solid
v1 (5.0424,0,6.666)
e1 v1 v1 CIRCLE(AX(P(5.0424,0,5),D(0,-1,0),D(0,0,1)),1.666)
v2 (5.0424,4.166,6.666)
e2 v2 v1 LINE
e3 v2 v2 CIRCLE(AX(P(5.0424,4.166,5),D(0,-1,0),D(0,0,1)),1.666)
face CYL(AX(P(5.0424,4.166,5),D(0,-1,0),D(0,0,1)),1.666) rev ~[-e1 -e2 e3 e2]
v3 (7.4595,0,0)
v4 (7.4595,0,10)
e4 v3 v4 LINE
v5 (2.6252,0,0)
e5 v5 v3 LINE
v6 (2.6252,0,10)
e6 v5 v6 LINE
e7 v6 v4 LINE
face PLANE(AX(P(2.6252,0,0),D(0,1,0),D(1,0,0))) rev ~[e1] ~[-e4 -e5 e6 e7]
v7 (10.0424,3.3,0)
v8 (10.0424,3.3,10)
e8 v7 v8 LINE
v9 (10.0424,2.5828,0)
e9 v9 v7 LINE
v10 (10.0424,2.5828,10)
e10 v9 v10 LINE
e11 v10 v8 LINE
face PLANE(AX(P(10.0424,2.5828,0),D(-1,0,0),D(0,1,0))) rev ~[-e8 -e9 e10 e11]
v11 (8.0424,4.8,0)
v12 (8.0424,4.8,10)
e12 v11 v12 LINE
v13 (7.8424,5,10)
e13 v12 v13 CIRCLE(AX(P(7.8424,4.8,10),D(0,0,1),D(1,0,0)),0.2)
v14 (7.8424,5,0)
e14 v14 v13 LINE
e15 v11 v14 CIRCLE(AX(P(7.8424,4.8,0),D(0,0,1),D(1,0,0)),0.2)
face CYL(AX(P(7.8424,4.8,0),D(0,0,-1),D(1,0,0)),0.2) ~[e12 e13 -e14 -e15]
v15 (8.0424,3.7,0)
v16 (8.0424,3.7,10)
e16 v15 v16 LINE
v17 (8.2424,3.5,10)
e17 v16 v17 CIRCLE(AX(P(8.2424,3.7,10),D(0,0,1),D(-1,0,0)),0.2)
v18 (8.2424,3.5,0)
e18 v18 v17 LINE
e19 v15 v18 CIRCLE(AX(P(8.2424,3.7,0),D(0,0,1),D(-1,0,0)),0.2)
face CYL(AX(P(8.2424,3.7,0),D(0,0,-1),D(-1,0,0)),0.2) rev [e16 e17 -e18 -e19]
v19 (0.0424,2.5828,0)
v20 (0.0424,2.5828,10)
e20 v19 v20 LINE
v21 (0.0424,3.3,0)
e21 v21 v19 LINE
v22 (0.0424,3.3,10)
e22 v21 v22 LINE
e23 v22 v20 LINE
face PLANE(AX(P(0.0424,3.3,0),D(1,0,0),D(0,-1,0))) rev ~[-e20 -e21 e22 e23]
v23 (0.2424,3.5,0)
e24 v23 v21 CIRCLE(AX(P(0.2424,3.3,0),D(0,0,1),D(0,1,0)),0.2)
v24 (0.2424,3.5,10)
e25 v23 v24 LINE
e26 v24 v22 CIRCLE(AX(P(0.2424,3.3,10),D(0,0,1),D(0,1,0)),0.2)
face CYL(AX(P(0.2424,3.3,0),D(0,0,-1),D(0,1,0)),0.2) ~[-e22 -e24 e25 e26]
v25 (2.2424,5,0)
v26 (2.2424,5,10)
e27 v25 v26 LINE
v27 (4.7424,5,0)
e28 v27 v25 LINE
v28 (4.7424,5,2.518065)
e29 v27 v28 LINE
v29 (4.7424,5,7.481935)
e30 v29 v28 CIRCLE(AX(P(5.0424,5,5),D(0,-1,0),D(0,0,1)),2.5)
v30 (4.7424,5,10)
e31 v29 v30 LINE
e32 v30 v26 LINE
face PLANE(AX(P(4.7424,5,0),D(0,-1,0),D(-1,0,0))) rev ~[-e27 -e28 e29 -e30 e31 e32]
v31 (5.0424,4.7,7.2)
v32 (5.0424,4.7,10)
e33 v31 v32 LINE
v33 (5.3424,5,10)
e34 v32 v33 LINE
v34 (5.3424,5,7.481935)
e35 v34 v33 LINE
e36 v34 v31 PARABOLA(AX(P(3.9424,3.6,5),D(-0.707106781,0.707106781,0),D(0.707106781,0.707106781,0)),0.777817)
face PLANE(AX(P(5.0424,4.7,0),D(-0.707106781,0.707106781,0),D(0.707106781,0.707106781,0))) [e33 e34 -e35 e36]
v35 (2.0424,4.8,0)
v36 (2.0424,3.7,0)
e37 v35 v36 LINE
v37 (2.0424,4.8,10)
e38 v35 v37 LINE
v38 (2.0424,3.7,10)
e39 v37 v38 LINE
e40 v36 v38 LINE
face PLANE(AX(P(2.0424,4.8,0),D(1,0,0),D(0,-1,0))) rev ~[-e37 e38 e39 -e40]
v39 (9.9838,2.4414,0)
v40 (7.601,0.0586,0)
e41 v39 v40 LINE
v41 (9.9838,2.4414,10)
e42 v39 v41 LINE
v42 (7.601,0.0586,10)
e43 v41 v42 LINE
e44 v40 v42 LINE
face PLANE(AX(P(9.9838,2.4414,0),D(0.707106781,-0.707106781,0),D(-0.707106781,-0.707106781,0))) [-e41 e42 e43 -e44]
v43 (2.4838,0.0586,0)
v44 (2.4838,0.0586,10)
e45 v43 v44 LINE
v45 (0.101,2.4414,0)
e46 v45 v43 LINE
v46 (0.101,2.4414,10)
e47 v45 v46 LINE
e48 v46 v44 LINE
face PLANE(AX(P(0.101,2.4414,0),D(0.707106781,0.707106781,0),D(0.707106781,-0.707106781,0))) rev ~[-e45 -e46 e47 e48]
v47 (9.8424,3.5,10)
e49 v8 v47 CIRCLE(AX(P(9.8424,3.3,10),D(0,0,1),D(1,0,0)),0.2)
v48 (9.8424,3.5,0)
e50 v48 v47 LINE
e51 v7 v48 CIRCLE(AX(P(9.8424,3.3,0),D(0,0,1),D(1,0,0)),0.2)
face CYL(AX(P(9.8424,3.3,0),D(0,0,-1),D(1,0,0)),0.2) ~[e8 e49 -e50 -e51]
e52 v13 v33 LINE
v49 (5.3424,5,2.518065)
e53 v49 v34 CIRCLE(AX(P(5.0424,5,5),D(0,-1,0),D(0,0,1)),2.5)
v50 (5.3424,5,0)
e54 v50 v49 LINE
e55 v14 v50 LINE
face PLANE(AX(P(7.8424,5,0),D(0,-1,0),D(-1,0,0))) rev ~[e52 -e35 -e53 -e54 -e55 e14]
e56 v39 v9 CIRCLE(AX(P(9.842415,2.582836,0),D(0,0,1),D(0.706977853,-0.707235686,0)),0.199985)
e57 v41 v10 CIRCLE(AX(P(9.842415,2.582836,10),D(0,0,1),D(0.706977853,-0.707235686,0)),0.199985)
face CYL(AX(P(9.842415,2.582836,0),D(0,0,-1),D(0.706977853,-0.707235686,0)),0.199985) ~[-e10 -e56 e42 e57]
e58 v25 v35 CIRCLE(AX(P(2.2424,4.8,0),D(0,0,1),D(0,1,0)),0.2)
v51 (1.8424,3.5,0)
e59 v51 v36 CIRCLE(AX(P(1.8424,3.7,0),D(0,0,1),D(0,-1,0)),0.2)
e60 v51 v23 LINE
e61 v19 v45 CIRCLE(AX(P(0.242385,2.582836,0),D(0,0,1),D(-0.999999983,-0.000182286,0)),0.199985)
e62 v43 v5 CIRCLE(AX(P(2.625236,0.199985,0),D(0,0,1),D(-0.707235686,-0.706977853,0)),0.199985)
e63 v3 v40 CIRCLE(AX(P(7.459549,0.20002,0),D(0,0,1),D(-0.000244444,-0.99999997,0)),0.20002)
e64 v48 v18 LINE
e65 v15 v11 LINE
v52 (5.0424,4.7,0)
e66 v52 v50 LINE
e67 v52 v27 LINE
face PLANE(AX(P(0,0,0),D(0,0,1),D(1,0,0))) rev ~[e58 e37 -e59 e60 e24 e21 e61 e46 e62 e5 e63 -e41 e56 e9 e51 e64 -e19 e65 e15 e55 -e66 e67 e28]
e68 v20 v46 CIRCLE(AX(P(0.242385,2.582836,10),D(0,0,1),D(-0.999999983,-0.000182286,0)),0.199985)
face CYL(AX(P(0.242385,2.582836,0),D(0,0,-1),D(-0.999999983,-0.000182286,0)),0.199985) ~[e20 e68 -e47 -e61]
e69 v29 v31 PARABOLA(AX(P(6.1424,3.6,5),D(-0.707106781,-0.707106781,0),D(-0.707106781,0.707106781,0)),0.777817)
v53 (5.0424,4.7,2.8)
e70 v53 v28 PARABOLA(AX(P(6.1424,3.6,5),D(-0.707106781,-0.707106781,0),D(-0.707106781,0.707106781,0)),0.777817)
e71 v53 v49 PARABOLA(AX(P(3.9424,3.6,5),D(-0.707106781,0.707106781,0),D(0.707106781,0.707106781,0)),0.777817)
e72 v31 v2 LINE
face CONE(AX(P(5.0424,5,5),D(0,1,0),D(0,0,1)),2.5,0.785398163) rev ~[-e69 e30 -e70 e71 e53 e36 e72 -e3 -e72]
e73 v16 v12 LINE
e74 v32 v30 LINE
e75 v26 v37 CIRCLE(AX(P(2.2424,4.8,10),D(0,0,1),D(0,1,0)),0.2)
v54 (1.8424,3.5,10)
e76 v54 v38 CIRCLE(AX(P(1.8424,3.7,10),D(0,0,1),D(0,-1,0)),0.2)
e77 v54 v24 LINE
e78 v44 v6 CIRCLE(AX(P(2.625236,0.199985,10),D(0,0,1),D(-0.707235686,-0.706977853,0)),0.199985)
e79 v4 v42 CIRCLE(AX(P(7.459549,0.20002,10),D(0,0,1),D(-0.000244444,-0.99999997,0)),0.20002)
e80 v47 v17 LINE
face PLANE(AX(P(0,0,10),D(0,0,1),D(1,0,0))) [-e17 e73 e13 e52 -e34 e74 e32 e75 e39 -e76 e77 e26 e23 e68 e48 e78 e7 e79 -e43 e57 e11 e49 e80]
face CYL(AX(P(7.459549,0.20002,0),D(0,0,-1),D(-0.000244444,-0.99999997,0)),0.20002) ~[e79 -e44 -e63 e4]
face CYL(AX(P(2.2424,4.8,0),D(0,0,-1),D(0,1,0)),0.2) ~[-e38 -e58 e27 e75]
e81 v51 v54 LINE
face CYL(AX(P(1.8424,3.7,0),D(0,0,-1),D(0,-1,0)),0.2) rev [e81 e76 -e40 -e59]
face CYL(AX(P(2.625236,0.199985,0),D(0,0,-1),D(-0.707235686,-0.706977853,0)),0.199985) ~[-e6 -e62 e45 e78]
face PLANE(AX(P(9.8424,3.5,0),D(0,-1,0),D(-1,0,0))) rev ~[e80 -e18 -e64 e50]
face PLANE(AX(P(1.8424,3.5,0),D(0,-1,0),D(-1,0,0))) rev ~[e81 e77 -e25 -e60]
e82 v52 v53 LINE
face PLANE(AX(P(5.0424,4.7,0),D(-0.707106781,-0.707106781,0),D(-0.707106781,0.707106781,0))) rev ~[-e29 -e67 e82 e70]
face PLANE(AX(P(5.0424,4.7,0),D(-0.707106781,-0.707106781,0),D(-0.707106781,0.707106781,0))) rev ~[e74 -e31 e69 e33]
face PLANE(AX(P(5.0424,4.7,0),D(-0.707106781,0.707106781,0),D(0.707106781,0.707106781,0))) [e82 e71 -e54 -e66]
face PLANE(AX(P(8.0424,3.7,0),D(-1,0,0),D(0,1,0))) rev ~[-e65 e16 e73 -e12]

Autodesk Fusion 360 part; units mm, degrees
sketch "Sketch1" plane through (0, 0, 0) normal (0, 0, 1) x (1, 0, 0)
  line L0 (2.6252, 0) -> (7.4595, 0)
  line L1 (10.0424, 2.5828) -> (10.0424, 3.3)
  line L2 (0.0424, 3.3) -> (0.0424, 2.5828)
  line L3 (8.0424, 3.7) -> (8.0424, 4.8)
  line L4 (2.0424, 4.8) -> (2.0424, 3.7)
  line L5 (0.101, 2.4414) -> (2.4838, 0.0586)
  line L6 (0.0424, 2.5) -> (3.5052, 2.5) construction
  line L7 (5.0424, 3.5) -> (5.0424, 0) construction
  line L8 (9.9838, 2.4414) -> (7.601, 0.0586)
  line L9 (9.8424, 3.5) -> (8.2424, 3.5)
  line L10 (1.8424, 3.5) -> (0.2424, 3.5)
  line L11 (5.0424, 4.7) -> (5.3424, 5)
  line L12 (5.0424, 4.7) -> (6.213, 4.7) construction
  line L13 (5.0424, 4.7) -> (4.7424, 5)
  line L14 (5.0424, 4.7) -> (6.2088, 4.7) construction
  line L15 (7.8424, 5) -> (5.3424, 5)
  line L16 (4.7424, 5) -> (2.2424, 5)
  arc A0 (0.2424, 3.5) -> (0.0424, 3.3) centre (0.2424, 3.3) ccw
  arc A1 (0.0424, 2.5828) -> (0.101, 2.4414) centre (0.2424, 2.5828) ccw
  arc A2 (2.4838, 0.0586) -> (2.6252, 0) centre (2.6252, 0.2) ccw
  arc A3 (7.4595, 0) -> (7.601, 0.0586) centre (7.4595, 0.2) ccw
  arc A4 (9.9838, 2.4414) -> (10.0424, 2.5828) centre (9.8424, 2.5828) ccw
  arc A5 (10.0424, 3.3) -> (9.8424, 3.5) centre (9.8424, 3.3) ccw
  arc A6 (8.0424, 3.7) -> (8.2424, 3.5) centre (8.2424, 3.7) ccw
  arc A7 (8.0424, 4.8) -> (7.8424, 5) centre (7.8424, 4.8) ccw
  arc A8 (2.2424, 5) -> (2.0424, 4.8) centre (2.2424, 4.8) ccw
  arc A9 (1.8424, 3.5) -> (2.0424, 3.7) centre (1.8424, 3.7) ccw
  dimension "d1" = 10
  dimension "d4" = 5
  dimension "d5" = 45
  dimension "d6" = 1
  dimension "d7" = 5
  dimension "d8" = 6
  dimension "d9" = 2
  dimension "d10" = 2
  dimension "d12" = 45
  dimension "d13" = 0.3
  dimension "d14" = 5
  dimension "d15" = 1.5
  dimension "d16" = 0.2
extrude "Extrude1" add sketch "Sketch1" along normal blind 10
hole "Hole1" at (5.0424, 5, 5) direction (0, -1, 0) diameter 3.332 depth 5.5 tip angle 180 countersink diameter 5 countersink angle 90
